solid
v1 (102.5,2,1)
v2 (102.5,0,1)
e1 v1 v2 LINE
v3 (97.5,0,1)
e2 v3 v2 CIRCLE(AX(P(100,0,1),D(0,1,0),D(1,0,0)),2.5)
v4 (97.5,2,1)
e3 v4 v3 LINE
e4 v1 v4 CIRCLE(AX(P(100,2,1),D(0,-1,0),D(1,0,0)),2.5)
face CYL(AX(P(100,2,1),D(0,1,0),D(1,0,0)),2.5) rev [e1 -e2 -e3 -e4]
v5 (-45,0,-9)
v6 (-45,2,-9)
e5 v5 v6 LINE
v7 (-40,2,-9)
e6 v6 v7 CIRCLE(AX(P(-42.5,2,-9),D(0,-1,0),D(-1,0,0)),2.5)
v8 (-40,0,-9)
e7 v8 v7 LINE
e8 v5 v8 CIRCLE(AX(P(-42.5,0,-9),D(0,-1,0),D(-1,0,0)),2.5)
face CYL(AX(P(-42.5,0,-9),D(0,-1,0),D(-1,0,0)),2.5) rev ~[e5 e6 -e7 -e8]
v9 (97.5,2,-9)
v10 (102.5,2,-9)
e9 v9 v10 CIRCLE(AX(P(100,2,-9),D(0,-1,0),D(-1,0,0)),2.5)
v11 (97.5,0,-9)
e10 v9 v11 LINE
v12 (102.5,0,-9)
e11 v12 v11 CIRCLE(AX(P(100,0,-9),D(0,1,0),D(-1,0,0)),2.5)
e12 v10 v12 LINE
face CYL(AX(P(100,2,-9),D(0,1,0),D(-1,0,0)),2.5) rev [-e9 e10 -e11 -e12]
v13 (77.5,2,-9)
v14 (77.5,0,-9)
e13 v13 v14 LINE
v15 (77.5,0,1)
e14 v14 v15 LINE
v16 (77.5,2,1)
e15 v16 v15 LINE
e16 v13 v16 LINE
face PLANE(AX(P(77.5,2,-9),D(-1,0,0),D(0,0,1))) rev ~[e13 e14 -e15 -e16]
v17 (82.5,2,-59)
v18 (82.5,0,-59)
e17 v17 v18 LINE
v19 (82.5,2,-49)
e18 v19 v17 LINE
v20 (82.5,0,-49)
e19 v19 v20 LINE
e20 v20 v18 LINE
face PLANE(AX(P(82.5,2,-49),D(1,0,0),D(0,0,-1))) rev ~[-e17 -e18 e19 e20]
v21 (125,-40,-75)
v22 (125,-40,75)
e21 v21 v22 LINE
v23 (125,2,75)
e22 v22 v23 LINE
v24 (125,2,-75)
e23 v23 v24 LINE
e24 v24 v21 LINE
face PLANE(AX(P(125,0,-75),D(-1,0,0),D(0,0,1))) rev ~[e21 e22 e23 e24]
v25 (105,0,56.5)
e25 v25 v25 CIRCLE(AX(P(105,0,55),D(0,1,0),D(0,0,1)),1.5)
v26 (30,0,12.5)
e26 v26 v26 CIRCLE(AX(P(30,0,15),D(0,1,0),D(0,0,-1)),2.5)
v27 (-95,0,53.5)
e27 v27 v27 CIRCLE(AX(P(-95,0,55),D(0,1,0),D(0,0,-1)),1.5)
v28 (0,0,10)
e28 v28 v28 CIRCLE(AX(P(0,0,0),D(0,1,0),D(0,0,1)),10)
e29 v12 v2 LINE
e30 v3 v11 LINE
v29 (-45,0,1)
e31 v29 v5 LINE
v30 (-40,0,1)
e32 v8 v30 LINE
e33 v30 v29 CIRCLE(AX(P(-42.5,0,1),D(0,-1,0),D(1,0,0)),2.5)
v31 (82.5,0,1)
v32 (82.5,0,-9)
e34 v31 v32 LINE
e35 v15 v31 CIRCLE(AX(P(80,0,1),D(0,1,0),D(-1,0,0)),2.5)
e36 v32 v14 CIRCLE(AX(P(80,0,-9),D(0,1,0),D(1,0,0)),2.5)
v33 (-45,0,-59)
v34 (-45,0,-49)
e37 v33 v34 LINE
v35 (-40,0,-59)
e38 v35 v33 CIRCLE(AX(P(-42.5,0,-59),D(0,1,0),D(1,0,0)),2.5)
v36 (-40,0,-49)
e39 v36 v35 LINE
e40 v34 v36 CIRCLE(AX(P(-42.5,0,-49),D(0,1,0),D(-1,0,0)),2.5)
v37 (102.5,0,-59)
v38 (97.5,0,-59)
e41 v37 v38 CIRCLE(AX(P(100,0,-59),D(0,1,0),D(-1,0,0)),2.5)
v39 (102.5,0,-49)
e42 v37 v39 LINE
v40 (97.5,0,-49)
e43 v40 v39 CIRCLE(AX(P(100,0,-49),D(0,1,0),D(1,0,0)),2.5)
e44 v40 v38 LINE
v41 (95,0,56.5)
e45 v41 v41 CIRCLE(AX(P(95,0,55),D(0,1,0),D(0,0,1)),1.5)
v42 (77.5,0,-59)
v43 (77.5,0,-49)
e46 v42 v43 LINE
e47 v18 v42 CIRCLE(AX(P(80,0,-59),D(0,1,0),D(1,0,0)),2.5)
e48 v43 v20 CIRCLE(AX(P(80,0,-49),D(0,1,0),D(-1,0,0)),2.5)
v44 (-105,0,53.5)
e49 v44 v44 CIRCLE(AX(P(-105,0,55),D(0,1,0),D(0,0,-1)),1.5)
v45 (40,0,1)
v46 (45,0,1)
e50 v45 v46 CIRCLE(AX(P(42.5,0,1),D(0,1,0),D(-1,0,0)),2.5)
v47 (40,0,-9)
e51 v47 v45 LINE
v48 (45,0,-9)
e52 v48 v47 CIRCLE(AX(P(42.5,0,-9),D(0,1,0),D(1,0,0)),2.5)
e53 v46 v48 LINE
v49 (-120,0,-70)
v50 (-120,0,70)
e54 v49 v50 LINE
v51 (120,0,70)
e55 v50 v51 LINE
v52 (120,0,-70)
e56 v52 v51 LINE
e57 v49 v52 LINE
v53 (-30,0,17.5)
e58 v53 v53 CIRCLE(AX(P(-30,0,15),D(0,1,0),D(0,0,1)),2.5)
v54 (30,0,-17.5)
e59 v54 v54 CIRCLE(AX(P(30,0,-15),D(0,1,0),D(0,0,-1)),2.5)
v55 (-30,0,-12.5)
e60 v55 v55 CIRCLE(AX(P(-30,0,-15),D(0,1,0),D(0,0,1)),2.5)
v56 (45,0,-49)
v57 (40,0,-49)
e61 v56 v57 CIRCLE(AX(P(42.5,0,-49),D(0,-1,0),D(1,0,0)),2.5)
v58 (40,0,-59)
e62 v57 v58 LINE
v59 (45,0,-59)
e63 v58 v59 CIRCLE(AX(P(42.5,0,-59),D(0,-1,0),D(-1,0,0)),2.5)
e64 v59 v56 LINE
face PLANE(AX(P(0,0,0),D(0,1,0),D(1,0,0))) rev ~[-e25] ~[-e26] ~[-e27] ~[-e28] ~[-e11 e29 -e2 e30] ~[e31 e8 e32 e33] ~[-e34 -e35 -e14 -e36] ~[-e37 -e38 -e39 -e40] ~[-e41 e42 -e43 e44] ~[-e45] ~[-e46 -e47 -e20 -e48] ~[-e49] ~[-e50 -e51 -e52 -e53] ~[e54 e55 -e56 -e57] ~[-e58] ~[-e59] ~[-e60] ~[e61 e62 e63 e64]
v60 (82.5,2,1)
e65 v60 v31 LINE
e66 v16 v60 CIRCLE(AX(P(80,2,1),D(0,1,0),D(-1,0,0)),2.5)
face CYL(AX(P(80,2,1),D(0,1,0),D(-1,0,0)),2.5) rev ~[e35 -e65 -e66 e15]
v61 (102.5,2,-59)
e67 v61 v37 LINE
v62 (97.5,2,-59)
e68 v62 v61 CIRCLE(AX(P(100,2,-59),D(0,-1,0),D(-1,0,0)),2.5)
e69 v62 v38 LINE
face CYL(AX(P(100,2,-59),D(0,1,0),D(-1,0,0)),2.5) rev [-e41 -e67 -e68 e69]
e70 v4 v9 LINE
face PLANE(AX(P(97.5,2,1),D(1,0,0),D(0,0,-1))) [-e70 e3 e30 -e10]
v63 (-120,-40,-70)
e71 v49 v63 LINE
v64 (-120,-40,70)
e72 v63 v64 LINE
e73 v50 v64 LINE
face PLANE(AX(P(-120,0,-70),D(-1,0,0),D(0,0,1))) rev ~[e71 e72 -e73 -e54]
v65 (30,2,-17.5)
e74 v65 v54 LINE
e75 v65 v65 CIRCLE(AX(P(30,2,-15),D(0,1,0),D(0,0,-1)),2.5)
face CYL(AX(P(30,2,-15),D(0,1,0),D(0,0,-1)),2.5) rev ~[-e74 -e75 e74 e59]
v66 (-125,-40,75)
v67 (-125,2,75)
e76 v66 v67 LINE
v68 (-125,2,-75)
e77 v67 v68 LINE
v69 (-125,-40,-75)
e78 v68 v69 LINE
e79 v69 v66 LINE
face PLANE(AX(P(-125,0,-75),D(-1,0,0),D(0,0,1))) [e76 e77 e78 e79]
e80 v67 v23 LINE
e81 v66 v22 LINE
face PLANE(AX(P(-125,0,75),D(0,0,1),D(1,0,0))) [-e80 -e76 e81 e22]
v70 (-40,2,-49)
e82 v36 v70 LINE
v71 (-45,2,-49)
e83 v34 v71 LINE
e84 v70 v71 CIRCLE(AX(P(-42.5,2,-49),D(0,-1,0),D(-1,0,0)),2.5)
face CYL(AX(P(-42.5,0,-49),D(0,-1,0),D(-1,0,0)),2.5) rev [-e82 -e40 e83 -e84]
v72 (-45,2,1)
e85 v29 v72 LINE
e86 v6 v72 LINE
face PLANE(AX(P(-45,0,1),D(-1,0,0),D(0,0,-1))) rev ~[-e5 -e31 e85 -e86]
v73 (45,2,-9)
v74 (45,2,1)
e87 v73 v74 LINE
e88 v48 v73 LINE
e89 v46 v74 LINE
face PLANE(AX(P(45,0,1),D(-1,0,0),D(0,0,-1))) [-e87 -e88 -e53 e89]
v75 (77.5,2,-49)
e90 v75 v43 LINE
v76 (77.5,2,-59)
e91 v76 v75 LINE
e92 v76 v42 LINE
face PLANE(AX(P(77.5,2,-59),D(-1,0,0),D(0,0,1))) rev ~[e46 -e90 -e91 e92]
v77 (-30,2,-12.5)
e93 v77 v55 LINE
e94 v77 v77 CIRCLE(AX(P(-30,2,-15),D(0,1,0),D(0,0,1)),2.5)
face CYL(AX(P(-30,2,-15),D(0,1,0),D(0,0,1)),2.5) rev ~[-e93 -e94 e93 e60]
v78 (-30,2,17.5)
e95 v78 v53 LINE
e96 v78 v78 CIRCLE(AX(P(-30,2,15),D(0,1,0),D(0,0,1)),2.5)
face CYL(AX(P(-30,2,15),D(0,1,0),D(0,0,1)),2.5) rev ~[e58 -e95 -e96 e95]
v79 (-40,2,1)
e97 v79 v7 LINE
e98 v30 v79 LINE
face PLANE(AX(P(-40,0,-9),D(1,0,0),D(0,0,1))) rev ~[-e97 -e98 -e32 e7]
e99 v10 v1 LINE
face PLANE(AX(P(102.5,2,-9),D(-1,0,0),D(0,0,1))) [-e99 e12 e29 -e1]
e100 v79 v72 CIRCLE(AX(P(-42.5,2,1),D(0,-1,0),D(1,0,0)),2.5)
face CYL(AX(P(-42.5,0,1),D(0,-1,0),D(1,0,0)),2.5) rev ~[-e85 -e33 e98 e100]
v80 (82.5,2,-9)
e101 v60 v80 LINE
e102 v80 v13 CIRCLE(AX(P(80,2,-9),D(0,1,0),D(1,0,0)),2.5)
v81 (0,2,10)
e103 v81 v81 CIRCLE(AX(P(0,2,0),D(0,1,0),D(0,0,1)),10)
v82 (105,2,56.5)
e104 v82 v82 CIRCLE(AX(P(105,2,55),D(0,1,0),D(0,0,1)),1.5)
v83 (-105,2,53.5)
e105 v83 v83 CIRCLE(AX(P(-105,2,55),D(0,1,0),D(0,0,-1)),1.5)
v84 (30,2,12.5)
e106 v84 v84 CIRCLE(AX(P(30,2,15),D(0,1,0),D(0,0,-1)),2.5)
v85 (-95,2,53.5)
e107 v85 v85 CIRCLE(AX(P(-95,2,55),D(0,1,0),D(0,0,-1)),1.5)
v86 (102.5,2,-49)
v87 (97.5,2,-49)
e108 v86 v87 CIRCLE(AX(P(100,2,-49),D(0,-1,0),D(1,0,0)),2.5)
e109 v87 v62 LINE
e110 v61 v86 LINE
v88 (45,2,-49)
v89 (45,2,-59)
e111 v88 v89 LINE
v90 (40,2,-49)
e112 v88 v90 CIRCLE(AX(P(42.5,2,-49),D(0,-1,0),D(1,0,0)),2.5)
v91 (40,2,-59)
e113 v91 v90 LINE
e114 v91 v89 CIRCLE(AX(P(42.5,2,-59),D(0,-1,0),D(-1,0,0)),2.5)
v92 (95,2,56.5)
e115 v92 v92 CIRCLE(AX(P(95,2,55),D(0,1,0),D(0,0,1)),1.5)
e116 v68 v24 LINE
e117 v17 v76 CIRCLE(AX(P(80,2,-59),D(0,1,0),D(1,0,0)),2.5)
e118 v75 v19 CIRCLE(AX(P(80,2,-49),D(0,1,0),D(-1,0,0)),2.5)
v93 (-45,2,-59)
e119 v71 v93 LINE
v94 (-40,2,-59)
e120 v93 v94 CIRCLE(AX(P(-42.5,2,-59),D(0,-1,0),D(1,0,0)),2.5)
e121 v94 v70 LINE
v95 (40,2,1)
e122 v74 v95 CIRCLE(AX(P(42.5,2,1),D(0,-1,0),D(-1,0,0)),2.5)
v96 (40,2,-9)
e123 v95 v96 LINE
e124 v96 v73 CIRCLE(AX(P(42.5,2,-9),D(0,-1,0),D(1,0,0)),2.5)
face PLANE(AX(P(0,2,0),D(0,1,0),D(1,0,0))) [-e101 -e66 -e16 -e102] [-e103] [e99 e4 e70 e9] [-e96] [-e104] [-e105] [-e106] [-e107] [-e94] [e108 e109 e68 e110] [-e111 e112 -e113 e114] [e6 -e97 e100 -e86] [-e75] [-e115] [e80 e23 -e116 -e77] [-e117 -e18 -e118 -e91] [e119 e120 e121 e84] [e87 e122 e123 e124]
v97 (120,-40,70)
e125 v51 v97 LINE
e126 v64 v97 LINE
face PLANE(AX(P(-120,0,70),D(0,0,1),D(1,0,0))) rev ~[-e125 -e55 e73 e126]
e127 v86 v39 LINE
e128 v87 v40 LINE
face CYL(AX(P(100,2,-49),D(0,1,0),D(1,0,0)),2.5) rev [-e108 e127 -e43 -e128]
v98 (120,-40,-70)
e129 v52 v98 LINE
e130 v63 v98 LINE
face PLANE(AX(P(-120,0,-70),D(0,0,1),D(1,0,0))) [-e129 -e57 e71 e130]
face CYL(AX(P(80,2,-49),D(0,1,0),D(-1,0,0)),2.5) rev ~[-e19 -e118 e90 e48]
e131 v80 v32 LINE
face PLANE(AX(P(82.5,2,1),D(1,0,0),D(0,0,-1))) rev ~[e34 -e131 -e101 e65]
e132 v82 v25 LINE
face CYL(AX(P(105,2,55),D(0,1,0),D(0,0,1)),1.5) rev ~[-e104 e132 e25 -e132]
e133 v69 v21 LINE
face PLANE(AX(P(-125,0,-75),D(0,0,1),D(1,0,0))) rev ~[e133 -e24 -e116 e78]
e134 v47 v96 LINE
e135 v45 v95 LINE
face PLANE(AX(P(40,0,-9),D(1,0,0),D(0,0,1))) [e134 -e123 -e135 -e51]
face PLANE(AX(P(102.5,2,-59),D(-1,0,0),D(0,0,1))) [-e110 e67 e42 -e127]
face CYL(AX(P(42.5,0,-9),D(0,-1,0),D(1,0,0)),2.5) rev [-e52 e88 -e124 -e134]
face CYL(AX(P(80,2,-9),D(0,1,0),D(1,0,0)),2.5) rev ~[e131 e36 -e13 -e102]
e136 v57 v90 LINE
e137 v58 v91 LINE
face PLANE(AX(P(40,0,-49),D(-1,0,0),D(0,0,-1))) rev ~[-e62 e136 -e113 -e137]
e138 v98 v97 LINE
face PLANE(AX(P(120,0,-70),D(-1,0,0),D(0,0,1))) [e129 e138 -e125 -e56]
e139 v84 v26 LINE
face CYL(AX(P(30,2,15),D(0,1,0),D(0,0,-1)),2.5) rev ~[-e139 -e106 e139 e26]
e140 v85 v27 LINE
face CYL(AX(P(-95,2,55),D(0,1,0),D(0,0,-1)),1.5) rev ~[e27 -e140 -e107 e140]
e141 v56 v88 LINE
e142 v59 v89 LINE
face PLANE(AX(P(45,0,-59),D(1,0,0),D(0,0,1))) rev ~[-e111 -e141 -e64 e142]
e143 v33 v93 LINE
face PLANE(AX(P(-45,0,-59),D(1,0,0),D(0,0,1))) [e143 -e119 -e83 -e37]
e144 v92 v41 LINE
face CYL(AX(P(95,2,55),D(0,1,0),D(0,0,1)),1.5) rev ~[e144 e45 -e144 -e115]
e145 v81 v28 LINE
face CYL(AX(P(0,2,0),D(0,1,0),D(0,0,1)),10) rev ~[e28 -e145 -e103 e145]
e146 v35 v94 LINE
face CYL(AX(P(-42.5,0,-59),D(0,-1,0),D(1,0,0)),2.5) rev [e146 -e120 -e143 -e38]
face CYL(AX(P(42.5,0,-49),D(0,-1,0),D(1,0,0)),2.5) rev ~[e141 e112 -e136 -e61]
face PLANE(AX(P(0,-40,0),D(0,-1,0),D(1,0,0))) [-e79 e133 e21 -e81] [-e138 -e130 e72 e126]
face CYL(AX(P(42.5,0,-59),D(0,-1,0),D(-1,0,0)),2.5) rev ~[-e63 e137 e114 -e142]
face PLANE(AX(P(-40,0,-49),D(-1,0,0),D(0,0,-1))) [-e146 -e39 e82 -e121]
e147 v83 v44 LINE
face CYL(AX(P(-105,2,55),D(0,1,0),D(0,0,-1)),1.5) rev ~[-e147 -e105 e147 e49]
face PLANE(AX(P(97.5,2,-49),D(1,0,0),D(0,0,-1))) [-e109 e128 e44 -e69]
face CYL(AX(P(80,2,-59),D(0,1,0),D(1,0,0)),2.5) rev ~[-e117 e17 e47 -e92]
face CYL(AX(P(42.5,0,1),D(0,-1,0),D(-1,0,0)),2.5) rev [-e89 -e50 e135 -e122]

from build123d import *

# Parameters (mm, degrees)
SKETCH1_W           = 250
SKETCH1_H           = 150
BOSS_EXTRUDE1_DEPTH = 2
SKETCH2_R           = 10
CUT_EXTRUDE1_DEPTH  = 2
CUT_EXTRUDE46_DEPTH = 10
CUT_EXTRUDE59_DEPTH = 10
SKETCH9_R           = 2.5
CUT_EXTRUDE60_DEPTH = 10
SKETCH19_R          = 1.5
CUT_EXTRUDE63_DEPTH = 10
SKETCH20_W          = 250
SKETCH20_H          = 150
SKETCH20_W_2        = 240
SKETCH20_H_2        = 140
BOSS_EXTRUDE5_DEPTH = 40


with BuildPart() as part:
    # Sketch1 → Boss-Extrude1 (new body)
    with BuildSketch(Plane(origin=(0, 0, 0), x_dir=(1, 0, 0), z_dir=(0, 1, 0))):
        Rectangle(SKETCH1_W, SKETCH1_H)
    extrude(amount=BOSS_EXTRUDE1_DEPTH)

    # Sketch2 → Cut-Extrude1 (cut)
    with BuildSketch(Plane(origin=(0, 2, 0), x_dir=(1, 0, 0), z_dir=(0, 1, 0))):
        with Locations(Location((0, 0, 0), (0, 0, 270))):
            Circle(SKETCH2_R)
    extrude(amount=-CUT_EXTRUDE1_DEPTH, mode=Mode.SUBTRACT)

    # Sketch7 → Cut-Extrude46 (cut)
    with BuildSketch(Plane(origin=(0, 2, 0), x_dir=(1, 0, 0), z_dir=(0, 1, 0))):
        with BuildLine():
            Line((102.5, 59), (102.5, 49))
            ThreePointArc((102.5, 49), (100, 46.5), (97.5, 49))
            Line((97.5, 49), (97.5, 59))
            ThreePointArc((97.5, 59), (100, 61.5), (102.5, 59))
        make_face()
        with BuildLine():
            Line((77.5, 59), (77.5, 49))
            ThreePointArc((77.5, 49), (80, 46.5), (82.5, 49))
            Line((82.5, 49), (82.5, 59))
            ThreePointArc((82.5, 59), (80, 61.5), (77.5, 59))
        make_face()
        with BuildLine():
            Line((82.5, -1), (82.5, 9))
            ThreePointArc((82.5, 9), (80, 11.5), (77.5, 9))
            Line((77.5, 9), (77.5, -1))
            ThreePointArc((77.5, -1), (80, -3.5), (82.5, -1))
        make_face()
        with BuildLine():
            Line((97.5, -1), (97.5, 9))
            ThreePointArc((97.5, 9), (100, 11.5), (102.5, 9))
            Line((102.5, 9), (102.5, -1))
            ThreePointArc((102.5, -1), (100, -3.5), (97.5, -1))
        make_face()
    extrude(amount=-CUT_EXTRUDE46_DEPTH, mode=Mode.SUBTRACT)

    # Sketch3 → Cut-Extrude59 (cut)
    with BuildSketch(Plane.XZ):
        with BuildLine():
            Line((-40, -9), (-40, 1))
            ThreePointArc((-40, 1), (-42.5, 3.5), (-45, 1))
            Line((-45, 1), (-45, -9))
            ThreePointArc((-45, -9), (-42.5, -11.5), (-40, -9))
        make_face()
        with BuildLine():
            Line((-40, -49), (-40, -59))
            ThreePointArc((-40, -59), (-42.5, -61.5), (-45, -59))
            Line((-45, -59), (-45, -49))
            ThreePointArc((-45, -49), (-42.5, -46.5), (-40, -49))
        make_face()
        with BuildLine():
            Line((40, -9), (40, 1))
            ThreePointArc((40, 1), (42.5, 3.5), (45, 1))
            Line((45, 1), (45, -9))
            ThreePointArc((45, -9), (42.5, -11.5), (40, -9))
        make_face()
        with BuildLine():
            Line((40, -49), (40, -59))
            ThreePointArc((40, -59), (42.5, -61.5), (45, -59))
            Line((45, -59), (45, -49))
            ThreePointArc((45, -49), (42.5, -46.5), (40, -49))
        make_face()
    extrude(amount=-CUT_EXTRUDE59_DEPTH, mode=Mode.SUBTRACT)

    # Sketch9 → Cut-Extrude60 (cut)
    with BuildSketch(Plane(origin=(0, 2, 0), x_dir=(1, 0, 0), z_dir=(0, 1, 0))):
        with Locations(Location((-30, 15, 0), (0, 0, 270))):
            Circle(SKETCH9_R)
        with Locations(Location((-30, -15, 0), (0, 0, 270))):
            Circle(SKETCH9_R)
        with Locations(Location((30, -15, 0), (0, 0, 90))):
            Circle(SKETCH9_R)
        with Locations(Location((30, 15, 0), (0, 0, 90))):
            Circle(SKETCH9_R)
    extrude(amount=-CUT_EXTRUDE60_DEPTH, mode=Mode.SUBTRACT)

    # Sketch19 → Cut-Extrude63 (cut)
    with BuildSketch(Plane(origin=(0, 2, 0), x_dir=(1, 0, 0), z_dir=(0, 1, 0))):
        with Locations(Location((105, -55, 0), (0, 0, 270))):
            Circle(SKETCH19_R)
        with Locations(Location((95, -55, 0), (0, 0, 270))):
            Circle(SKETCH19_R)
        with Locations(Location((-95, -55, 0), (0, 0, 90))):
            Circle(SKETCH19_R)
        with Locations(Location((-105, -55, 0), (0, 0, 90))):
            Circle(SKETCH19_R)
    extrude(amount=-CUT_EXTRUDE63_DEPTH, mode=Mode.SUBTRACT)

    # Sketch20 → Boss-Extrude5 (add)
    with BuildSketch(Plane.XZ):
        Rectangle(SKETCH20_W, SKETCH20_H)
        Rectangle(SKETCH20_W_2, SKETCH20_H_2, mode=Mode.SUBTRACT)
    extrude(amount=BOSS_EXTRUDE5_DEPTH)


solid = part.part
